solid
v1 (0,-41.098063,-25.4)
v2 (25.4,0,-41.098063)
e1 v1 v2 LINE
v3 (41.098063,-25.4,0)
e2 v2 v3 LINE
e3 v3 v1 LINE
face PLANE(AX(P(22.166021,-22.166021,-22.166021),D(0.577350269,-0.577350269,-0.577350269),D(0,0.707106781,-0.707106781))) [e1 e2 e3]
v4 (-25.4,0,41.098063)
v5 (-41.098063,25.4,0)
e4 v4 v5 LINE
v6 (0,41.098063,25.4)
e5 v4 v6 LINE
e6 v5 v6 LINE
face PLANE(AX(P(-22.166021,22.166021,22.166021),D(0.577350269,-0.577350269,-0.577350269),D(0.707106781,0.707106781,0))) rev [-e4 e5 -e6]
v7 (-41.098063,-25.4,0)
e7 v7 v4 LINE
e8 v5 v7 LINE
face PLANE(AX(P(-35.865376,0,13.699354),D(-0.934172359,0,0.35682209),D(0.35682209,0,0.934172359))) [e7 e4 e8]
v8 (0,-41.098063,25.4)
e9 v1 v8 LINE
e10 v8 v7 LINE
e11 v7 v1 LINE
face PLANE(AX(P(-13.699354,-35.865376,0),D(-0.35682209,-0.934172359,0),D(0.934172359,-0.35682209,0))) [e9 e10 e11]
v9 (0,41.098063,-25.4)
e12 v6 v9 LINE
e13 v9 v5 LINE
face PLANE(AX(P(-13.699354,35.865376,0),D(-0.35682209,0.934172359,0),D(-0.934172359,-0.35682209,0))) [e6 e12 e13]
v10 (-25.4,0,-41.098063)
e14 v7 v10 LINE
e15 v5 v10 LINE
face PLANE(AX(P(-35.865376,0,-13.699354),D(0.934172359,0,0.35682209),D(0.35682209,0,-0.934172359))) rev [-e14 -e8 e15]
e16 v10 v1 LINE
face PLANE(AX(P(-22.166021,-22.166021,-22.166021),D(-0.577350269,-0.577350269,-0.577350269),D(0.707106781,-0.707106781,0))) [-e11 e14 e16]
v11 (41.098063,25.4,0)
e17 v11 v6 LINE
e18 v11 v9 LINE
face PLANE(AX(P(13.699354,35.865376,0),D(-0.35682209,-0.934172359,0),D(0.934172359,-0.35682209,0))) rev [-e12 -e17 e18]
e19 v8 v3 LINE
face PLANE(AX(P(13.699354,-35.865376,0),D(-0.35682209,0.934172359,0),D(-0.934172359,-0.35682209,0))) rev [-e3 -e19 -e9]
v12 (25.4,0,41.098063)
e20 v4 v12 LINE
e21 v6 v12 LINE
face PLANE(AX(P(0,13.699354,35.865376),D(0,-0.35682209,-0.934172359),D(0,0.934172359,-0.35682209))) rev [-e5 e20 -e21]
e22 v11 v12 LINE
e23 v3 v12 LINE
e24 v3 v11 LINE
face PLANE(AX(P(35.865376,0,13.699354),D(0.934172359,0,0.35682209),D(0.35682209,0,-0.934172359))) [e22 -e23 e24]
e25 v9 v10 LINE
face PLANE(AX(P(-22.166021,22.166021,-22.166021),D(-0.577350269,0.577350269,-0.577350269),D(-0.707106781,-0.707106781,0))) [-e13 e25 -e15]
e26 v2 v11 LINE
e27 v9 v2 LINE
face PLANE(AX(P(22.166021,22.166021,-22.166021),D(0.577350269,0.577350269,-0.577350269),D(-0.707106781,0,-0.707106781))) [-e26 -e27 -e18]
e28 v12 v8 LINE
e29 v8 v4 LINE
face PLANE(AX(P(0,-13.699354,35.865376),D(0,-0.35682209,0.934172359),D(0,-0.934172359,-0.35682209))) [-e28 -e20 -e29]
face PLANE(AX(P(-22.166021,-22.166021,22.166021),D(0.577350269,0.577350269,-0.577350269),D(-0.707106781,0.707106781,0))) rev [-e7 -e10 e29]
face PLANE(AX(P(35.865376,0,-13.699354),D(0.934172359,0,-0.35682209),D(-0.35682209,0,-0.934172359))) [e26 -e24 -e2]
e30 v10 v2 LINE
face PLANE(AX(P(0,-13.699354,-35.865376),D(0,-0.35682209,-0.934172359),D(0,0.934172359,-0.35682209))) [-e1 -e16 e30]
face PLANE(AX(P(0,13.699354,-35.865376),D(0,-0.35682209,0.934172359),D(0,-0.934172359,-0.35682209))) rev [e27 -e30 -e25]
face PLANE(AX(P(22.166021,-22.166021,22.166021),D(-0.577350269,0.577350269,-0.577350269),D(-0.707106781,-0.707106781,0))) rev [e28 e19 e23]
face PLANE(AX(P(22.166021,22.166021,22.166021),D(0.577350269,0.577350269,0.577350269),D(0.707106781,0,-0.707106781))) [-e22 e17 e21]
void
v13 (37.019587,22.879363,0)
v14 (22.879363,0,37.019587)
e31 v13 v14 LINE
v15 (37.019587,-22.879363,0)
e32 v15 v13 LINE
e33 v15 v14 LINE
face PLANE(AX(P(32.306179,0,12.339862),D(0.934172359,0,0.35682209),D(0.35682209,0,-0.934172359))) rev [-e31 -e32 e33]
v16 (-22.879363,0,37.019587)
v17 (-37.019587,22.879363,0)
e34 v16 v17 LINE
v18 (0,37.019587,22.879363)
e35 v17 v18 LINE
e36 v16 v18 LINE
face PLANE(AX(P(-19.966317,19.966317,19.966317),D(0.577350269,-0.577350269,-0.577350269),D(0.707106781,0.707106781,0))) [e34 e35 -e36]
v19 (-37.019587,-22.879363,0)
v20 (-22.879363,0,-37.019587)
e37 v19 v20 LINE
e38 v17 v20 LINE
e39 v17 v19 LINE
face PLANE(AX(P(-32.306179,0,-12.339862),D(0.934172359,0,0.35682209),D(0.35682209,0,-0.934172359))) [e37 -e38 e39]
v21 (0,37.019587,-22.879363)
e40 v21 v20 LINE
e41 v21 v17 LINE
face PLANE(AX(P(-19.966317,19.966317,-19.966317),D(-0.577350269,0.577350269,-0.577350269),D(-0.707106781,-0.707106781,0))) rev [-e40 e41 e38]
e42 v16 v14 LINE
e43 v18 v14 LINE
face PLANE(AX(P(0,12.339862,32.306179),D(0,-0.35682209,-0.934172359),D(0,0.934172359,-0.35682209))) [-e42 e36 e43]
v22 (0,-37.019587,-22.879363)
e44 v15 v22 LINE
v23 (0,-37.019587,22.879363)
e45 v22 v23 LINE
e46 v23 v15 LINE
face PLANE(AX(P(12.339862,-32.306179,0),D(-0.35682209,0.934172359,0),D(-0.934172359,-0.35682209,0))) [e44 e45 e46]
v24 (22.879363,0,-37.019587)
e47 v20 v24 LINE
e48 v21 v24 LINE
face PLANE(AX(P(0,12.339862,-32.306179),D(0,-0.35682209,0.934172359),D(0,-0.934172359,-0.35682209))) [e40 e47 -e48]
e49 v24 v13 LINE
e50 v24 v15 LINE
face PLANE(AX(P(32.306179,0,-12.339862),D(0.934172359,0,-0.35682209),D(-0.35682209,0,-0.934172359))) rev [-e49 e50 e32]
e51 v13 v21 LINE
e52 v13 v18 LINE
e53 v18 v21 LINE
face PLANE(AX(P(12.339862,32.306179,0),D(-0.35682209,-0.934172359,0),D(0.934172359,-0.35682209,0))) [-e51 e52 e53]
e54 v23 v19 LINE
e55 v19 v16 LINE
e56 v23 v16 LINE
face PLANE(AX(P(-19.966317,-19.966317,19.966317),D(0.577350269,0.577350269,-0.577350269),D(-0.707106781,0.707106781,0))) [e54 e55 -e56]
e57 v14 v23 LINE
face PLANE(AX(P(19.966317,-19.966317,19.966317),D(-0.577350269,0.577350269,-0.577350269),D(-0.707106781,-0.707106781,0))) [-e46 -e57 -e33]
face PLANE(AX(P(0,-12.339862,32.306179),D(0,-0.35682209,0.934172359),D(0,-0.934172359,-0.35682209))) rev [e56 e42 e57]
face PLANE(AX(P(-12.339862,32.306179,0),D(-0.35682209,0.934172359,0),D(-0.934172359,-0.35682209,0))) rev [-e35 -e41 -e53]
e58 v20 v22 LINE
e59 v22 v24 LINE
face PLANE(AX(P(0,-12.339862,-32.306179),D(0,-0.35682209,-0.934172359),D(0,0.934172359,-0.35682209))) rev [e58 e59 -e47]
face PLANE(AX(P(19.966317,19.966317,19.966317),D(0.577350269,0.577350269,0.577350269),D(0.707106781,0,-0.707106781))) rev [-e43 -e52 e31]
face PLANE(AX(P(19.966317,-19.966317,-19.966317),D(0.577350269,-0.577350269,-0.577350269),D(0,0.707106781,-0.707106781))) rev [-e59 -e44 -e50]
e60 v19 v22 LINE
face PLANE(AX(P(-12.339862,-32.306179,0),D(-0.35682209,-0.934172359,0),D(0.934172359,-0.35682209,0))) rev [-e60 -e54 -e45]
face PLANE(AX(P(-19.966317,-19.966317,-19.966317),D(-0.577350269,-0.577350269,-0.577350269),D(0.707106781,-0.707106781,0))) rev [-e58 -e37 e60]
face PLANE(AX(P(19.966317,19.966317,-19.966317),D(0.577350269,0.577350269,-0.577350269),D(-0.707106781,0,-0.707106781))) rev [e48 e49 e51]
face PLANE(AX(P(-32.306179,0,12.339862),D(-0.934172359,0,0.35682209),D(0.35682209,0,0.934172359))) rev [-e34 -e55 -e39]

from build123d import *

# Parameters (mm, degrees)
THICKEN2_T2 = 3.81


with BuildPart() as body_1:
    # Sketch25 → Surface-Plane19: a flat surface bounded by the sketch
    with BuildSketch(Plane(origin=(22.166021105, -22.166021105, 22.166021105), x_dir=(0.4082482904638631, -0.40824829046386274, -0.8164965809277263), z_dir=(0.5773502691896261, -0.5773502691896257, 0.5773502691896256)), mode=Mode.PRIVATE) as surface_plane19_2_region:
        Polygon((-23.186921601, 17.960512242), (-3.960799066, -29.060719263), (27.147720667, 11.100207021), align=None)
    surface_plane19_2 = surface_plane19_2_region.sketch.faces()[0]
    # Sketch24 → Surface-Plane18: a flat surface bounded by the sketch
    with BuildSketch(Plane(origin=(-22.166021105, -22.166021105, 22.166021105), x_dir=(-0.4082482904638629, -0.40824829046386274, -0.8164965809277263), z_dir=(0.5773502691896261, 0.5773502691896258, -0.5773502691896255)), mode=Mode.PRIVATE) as surface_plane18_3_region:
        Polygon((-23.186921601, 17.960512242), (-3.960799066, -29.060719263), (27.147720667, 11.100207021), align=None)
    surface_plane18_3 = surface_plane18_3_region.sketch.faces()[0]
    # Sketch26 → Surface-Plane20: a flat surface bounded by the sketch
    with BuildSketch(Plane(origin=(35.865375543, 0, 13.699354438), x_dir=(0.35682208977309, 0, -0.9341723589627158), z_dir=(0.9341723589627158, 0, 0.35682208977309)), mode=Mode.PRIVATE) as surface_plane20_4_region:
        Polygon((-29.329393675, 0), (14.664696837, -25.4), (14.664696837, 25.4), align=None)
    surface_plane20_4 = surface_plane20_4_region.sketch.faces()[0]
    # Sketch23 → Surface-Plane17: a flat surface bounded by the sketch
    with BuildSketch(Plane(origin=(0, -13.699354438, 35.865375543), x_dir=(-1, 0, 0), z_dir=(0, 0.3568220897730898, -0.9341723589627158)), mode=Mode.PRIVATE) as surface_plane17_5_region:
        Polygon((-25.4, 14.664696837), (0, -29.329393675), (25.4, 14.664696837), align=None)
    surface_plane17_5 = surface_plane17_5_region.sketch.faces()[0]
    # Sketch22 → Surface-Plane16: a flat surface bounded by the sketch
    with BuildSketch(Plane(origin=(13.699354438, -35.865375543, 0), x_dir=(0.9341723589627157, 0.35682208977309016, 0), z_dir=(-0.35682208977309016, 0.9341723589627157, 0)), mode=Mode.PRIVATE) as surface_plane16_6_region:
        Polygon((-14.664696837, 25.4), (-14.664696837, -25.4), (29.329393675, 0), align=None)
    surface_plane16_6 = surface_plane16_6_region.sketch.faces()[0]
    # Sketch21 → Surface-Plane15: a flat surface bounded by the sketch
    with BuildSketch(Plane(origin=(-13.699354438, -35.865375543, 0), x_dir=(-0.9341723589627156, 0.3568220897730903, 0), z_dir=(-0.3568220897730903, -0.9341723589627156, 0)), mode=Mode.PRIVATE) as surface_plane15_7_region:
        Polygon((29.329393675, 0), (-14.664696837, 25.4), (-14.664696837, -25.4), align=None)
    surface_plane15_7 = surface_plane15_7_region.sketch.faces()[0]
    # Sketch20 → Surface-Plane14: a flat surface bounded by the sketch
    with BuildSketch(Plane(origin=(-22.166021105, -22.166021105, -22.166021105), x_dir=(-0.8164965809277259, 0.4082482904638632, 0.408248290463863), z_dir=(-0.577350269189626, -0.5773502691896258, -0.5773502691896256)), mode=Mode.PRIVATE) as surface_plane14_8_region:
        Polygon((3.960799066, 29.060719263), (-27.147720667, -11.100207021), (23.186921601, -17.960512242), align=None)
    surface_plane14_8 = surface_plane14_8_region.sketch.faces()[0]
    # Sketch19 → Surface-Plane13: a flat surface bounded by the sketch
    with BuildSketch(Plane(origin=(0, -13.699354438, -35.865375543), x_dir=(-1, 0, 0), z_dir=(0, -0.35682208977309054, -0.9341723589627156)), mode=Mode.PRIVATE) as surface_plane13_9_region:
        Polygon((25.4, 14.664696837), (-25.4, 14.664696837), (0, -29.329393675), align=None)
    surface_plane13_9 = surface_plane13_9_region.sketch.faces()[0]
    # Sketch18 → Surface-Plane12: a flat surface bounded by the sketch
    with BuildSketch(Plane(origin=(22.166021105, -22.166021105, -22.166021105), x_dir=(-0.408248290463863, 0.40824829046386296, -0.8164965809277261), z_dir=(0.5773502691896256, -0.5773502691896261, -0.5773502691896257)), mode=Mode.PRIVATE) as surface_plane12_10_region:
        Polygon((23.186921601, 17.960512242), (3.960799066, -29.060719263), (-27.147720667, 11.100207021), align=None)
    surface_plane12_10 = surface_plane12_10_region.sketch.faces()[0]
    # Sketch17 → Surface-Plane11: a flat surface bounded by the sketch
    with BuildSketch(Plane(origin=(35.865375543, 0, -13.699354438), x_dir=(-0.3568220897730899, 0, -0.9341723589627158), z_dir=(0.9341723589627157, 0, -0.3568220897730898)), mode=Mode.PRIVATE) as surface_plane11_11_region:
        Polygon((29.329393675, 0), (-14.664696837, 25.4), (-14.664696837, -25.4), align=None)
    surface_plane11_11 = surface_plane11_11_region.sketch.faces()[0]
    # Sketch16 → Surface-Plane10: a flat surface bounded by the sketch
    with BuildSketch(Plane(origin=(22.166021105, 22.166021105, -22.166021105), x_dir=(0.40824829046386296, 0.4082482904638628, 0.8164965809277261), z_dir=(-0.5773502691896261, -0.5773502691896257, 0.5773502691896256)), mode=Mode.PRIVATE) as surface_plane10_12_region:
        Polygon((-3.960799066, 29.060719263), (27.147720667, -11.100207021), (-23.186921601, -17.960512242), align=None)
    surface_plane10_12 = surface_plane10_12_region.sketch.faces()[0]
    # Sketch14 → Surface-Plane9: a flat surface bounded by the sketch
    with BuildSketch(Plane(origin=(0, 13.699354438, -35.865375543), x_dir=(1, 0, 0), z_dir=(0, -0.35682208977309054, 0.9341723589627156)), mode=Mode.PRIVATE) as surface_plane9_13_region:
        Polygon((0, 29.329393675), (-25.4, -14.664696837), (25.4, -14.664696837), align=None)
    surface_plane9_13 = surface_plane9_13_region.sketch.faces()[0]
    # Sketch13 → Surface-Plane8: a flat surface bounded by the sketch
    with BuildSketch(Plane(origin=(-35.865375543, 0, -13.699354438), x_dir=(-0.35682208977309016, 0, 0.9341723589627156), z_dir=(-0.9341723589627157, 0, -0.35682208977309016)), mode=Mode.PRIVATE) as surface_plane8_14_region:
        Polygon((14.664696837, -25.4), (-29.329393675, 0), (14.664696837, 25.4), align=None)
    surface_plane8_14 = surface_plane8_14_region.sketch.faces()[0]
    # Sketch12 → Surface-Plane7: a flat surface bounded by the sketch
    with BuildSketch(Plane(origin=(0, 13.699354438, 35.865375543), x_dir=(-1, 0, 0), z_dir=(0, -0.35682208977309043, -0.9341723589627156)), mode=Mode.PRIVATE) as surface_plane7_15_region:
        Polygon((0, 29.329393675), (25.4, -14.664696837), (-25.4, -14.664696837), align=None)
    surface_plane7_15 = surface_plane7_15_region.sketch.faces()[0]
    # Sketch11 → Surface-Plane6: a flat surface bounded by the sketch
    with BuildSketch(Plane(origin=(-35.865375543, 0, 13.699354438), x_dir=(0.3568220897730894, 0, 0.9341723589627159), z_dir=(-0.934172358962716, 0, 0.35682208977308943)), mode=Mode.PRIVATE) as surface_plane6_16_region:
        Polygon((-14.664696837, -25.4), (29.329393675, 0), (-14.664696837, 25.4), align=None)
    surface_plane6_16 = surface_plane6_16_region.sketch.faces()[0]
    # Sketch10 → Surface-Plane5: a flat surface bounded by the sketch
    with BuildSketch(Plane(origin=(-22.166021105, 22.166021105, 22.166021105), x_dir=(-0.8164965809277259, -0.4082482904638633, -0.4082482904638629), z_dir=(0.577350269189626, -0.577350269189626, -0.5773502691896255)), mode=Mode.PRIVATE) as surface_plane5_17_region:
        Polygon((3.960799066, -29.060719263), (23.186921601, 17.960512242), (-27.147720667, 11.100207021), align=None)
    surface_plane5_17 = surface_plane5_17_region.sketch.faces()[0]
    # Sketch9 → Surface-Plane4: a flat surface bounded by the sketch
    with BuildSketch(Plane(origin=(22.166021105, 22.166021105, 22.166021105), x_dir=(0.40824829046386296, 0.4082482904638628, -0.8164965809277261), z_dir=(0.5773502691896261, 0.5773502691896257, 0.5773502691896256)), mode=Mode.PRIVATE) as surface_plane4_18_region:
        Polygon((-3.960799066, 29.060719263), (-23.186921601, -17.960512242), (27.147720667, -11.100207021), align=None)
    surface_plane4_18 = surface_plane4_18_region.sketch.faces()[0]
    # Sketch8 → Surface-Plane3: a flat surface bounded by the sketch
    with BuildSketch(Plane(origin=(13.699354438, 35.865375543, 0), x_dir=(-0.9341723589627156, 0.35682208977309043, 0), z_dir=(-0.35682208977309043, -0.9341723589627156, 0)), mode=Mode.PRIVATE) as surface_plane3_19_region:
        Polygon((-29.329393675, 0), (14.664696837, -25.4), (14.664696837, 25.4), align=None)
    surface_plane3_19 = surface_plane3_19_region.sketch.faces()[0]
    # Sketch7 → Surface-Plane2: a flat surface bounded by the sketch
    with BuildSketch(Plane(origin=(-13.699354438, 35.865375543, 0), x_dir=(0.9341723589627156, 0.3568220897730905, 0), z_dir=(-0.3568220897730905, 0.9341723589627156, 0)), mode=Mode.PRIVATE) as surface_plane2_20_region:
        Polygon((14.664696837, 25.4), (14.664696837, -25.4), (-29.329393675, 0), align=None)
    surface_plane2_20 = surface_plane2_20_region.sketch.faces()[0]
    # Sketch5 → Surface-Plane1: a flat surface bounded by the sketch
    with BuildSketch(Plane(origin=(-22.166021105, 22.166021105, -22.166021105), x_dir=(0.408248290463863, -0.4082482904638628, -0.8164965809277261), z_dir=(0.5773502691896258, -0.5773502691896258, 0.5773502691896256)), mode=Mode.PRIVATE) as surface_plane1_21_region:
        Polygon((3.960799066, 29.060719263), (23.186921601, -17.960512242), (-27.147720667, -11.100207021), align=None)
    surface_plane1_21 = surface_plane1_21_region.sketch.faces()[0]
    # Surface-Knit1: the surfaces knitted into one
    surface_knit1_1 = Shell(Face.sew_faces(surface_plane19_2.faces() + surface_plane18_3.faces() + surface_plane20_4.faces() + surface_plane17_5.faces() + surface_plane16_6.faces() + surface_plane15_7.faces() + surface_plane14_8.faces() + surface_plane13_9.faces() + surface_plane12_10.faces() + surface_plane11_11.faces() + surface_plane10_12.faces() + surface_plane9_13.faces() + surface_plane8_14.faces() + surface_plane7_15.faces() + surface_plane6_16.faces() + surface_plane5_17.faces() + surface_plane4_18.faces() + surface_plane3_19.faces() + surface_plane2_20.faces() + surface_plane1_21.faces())[0])
    add(Solid.thicken(surface_knit1_1, -THICKEN2_T2))


solid = body_1.part
